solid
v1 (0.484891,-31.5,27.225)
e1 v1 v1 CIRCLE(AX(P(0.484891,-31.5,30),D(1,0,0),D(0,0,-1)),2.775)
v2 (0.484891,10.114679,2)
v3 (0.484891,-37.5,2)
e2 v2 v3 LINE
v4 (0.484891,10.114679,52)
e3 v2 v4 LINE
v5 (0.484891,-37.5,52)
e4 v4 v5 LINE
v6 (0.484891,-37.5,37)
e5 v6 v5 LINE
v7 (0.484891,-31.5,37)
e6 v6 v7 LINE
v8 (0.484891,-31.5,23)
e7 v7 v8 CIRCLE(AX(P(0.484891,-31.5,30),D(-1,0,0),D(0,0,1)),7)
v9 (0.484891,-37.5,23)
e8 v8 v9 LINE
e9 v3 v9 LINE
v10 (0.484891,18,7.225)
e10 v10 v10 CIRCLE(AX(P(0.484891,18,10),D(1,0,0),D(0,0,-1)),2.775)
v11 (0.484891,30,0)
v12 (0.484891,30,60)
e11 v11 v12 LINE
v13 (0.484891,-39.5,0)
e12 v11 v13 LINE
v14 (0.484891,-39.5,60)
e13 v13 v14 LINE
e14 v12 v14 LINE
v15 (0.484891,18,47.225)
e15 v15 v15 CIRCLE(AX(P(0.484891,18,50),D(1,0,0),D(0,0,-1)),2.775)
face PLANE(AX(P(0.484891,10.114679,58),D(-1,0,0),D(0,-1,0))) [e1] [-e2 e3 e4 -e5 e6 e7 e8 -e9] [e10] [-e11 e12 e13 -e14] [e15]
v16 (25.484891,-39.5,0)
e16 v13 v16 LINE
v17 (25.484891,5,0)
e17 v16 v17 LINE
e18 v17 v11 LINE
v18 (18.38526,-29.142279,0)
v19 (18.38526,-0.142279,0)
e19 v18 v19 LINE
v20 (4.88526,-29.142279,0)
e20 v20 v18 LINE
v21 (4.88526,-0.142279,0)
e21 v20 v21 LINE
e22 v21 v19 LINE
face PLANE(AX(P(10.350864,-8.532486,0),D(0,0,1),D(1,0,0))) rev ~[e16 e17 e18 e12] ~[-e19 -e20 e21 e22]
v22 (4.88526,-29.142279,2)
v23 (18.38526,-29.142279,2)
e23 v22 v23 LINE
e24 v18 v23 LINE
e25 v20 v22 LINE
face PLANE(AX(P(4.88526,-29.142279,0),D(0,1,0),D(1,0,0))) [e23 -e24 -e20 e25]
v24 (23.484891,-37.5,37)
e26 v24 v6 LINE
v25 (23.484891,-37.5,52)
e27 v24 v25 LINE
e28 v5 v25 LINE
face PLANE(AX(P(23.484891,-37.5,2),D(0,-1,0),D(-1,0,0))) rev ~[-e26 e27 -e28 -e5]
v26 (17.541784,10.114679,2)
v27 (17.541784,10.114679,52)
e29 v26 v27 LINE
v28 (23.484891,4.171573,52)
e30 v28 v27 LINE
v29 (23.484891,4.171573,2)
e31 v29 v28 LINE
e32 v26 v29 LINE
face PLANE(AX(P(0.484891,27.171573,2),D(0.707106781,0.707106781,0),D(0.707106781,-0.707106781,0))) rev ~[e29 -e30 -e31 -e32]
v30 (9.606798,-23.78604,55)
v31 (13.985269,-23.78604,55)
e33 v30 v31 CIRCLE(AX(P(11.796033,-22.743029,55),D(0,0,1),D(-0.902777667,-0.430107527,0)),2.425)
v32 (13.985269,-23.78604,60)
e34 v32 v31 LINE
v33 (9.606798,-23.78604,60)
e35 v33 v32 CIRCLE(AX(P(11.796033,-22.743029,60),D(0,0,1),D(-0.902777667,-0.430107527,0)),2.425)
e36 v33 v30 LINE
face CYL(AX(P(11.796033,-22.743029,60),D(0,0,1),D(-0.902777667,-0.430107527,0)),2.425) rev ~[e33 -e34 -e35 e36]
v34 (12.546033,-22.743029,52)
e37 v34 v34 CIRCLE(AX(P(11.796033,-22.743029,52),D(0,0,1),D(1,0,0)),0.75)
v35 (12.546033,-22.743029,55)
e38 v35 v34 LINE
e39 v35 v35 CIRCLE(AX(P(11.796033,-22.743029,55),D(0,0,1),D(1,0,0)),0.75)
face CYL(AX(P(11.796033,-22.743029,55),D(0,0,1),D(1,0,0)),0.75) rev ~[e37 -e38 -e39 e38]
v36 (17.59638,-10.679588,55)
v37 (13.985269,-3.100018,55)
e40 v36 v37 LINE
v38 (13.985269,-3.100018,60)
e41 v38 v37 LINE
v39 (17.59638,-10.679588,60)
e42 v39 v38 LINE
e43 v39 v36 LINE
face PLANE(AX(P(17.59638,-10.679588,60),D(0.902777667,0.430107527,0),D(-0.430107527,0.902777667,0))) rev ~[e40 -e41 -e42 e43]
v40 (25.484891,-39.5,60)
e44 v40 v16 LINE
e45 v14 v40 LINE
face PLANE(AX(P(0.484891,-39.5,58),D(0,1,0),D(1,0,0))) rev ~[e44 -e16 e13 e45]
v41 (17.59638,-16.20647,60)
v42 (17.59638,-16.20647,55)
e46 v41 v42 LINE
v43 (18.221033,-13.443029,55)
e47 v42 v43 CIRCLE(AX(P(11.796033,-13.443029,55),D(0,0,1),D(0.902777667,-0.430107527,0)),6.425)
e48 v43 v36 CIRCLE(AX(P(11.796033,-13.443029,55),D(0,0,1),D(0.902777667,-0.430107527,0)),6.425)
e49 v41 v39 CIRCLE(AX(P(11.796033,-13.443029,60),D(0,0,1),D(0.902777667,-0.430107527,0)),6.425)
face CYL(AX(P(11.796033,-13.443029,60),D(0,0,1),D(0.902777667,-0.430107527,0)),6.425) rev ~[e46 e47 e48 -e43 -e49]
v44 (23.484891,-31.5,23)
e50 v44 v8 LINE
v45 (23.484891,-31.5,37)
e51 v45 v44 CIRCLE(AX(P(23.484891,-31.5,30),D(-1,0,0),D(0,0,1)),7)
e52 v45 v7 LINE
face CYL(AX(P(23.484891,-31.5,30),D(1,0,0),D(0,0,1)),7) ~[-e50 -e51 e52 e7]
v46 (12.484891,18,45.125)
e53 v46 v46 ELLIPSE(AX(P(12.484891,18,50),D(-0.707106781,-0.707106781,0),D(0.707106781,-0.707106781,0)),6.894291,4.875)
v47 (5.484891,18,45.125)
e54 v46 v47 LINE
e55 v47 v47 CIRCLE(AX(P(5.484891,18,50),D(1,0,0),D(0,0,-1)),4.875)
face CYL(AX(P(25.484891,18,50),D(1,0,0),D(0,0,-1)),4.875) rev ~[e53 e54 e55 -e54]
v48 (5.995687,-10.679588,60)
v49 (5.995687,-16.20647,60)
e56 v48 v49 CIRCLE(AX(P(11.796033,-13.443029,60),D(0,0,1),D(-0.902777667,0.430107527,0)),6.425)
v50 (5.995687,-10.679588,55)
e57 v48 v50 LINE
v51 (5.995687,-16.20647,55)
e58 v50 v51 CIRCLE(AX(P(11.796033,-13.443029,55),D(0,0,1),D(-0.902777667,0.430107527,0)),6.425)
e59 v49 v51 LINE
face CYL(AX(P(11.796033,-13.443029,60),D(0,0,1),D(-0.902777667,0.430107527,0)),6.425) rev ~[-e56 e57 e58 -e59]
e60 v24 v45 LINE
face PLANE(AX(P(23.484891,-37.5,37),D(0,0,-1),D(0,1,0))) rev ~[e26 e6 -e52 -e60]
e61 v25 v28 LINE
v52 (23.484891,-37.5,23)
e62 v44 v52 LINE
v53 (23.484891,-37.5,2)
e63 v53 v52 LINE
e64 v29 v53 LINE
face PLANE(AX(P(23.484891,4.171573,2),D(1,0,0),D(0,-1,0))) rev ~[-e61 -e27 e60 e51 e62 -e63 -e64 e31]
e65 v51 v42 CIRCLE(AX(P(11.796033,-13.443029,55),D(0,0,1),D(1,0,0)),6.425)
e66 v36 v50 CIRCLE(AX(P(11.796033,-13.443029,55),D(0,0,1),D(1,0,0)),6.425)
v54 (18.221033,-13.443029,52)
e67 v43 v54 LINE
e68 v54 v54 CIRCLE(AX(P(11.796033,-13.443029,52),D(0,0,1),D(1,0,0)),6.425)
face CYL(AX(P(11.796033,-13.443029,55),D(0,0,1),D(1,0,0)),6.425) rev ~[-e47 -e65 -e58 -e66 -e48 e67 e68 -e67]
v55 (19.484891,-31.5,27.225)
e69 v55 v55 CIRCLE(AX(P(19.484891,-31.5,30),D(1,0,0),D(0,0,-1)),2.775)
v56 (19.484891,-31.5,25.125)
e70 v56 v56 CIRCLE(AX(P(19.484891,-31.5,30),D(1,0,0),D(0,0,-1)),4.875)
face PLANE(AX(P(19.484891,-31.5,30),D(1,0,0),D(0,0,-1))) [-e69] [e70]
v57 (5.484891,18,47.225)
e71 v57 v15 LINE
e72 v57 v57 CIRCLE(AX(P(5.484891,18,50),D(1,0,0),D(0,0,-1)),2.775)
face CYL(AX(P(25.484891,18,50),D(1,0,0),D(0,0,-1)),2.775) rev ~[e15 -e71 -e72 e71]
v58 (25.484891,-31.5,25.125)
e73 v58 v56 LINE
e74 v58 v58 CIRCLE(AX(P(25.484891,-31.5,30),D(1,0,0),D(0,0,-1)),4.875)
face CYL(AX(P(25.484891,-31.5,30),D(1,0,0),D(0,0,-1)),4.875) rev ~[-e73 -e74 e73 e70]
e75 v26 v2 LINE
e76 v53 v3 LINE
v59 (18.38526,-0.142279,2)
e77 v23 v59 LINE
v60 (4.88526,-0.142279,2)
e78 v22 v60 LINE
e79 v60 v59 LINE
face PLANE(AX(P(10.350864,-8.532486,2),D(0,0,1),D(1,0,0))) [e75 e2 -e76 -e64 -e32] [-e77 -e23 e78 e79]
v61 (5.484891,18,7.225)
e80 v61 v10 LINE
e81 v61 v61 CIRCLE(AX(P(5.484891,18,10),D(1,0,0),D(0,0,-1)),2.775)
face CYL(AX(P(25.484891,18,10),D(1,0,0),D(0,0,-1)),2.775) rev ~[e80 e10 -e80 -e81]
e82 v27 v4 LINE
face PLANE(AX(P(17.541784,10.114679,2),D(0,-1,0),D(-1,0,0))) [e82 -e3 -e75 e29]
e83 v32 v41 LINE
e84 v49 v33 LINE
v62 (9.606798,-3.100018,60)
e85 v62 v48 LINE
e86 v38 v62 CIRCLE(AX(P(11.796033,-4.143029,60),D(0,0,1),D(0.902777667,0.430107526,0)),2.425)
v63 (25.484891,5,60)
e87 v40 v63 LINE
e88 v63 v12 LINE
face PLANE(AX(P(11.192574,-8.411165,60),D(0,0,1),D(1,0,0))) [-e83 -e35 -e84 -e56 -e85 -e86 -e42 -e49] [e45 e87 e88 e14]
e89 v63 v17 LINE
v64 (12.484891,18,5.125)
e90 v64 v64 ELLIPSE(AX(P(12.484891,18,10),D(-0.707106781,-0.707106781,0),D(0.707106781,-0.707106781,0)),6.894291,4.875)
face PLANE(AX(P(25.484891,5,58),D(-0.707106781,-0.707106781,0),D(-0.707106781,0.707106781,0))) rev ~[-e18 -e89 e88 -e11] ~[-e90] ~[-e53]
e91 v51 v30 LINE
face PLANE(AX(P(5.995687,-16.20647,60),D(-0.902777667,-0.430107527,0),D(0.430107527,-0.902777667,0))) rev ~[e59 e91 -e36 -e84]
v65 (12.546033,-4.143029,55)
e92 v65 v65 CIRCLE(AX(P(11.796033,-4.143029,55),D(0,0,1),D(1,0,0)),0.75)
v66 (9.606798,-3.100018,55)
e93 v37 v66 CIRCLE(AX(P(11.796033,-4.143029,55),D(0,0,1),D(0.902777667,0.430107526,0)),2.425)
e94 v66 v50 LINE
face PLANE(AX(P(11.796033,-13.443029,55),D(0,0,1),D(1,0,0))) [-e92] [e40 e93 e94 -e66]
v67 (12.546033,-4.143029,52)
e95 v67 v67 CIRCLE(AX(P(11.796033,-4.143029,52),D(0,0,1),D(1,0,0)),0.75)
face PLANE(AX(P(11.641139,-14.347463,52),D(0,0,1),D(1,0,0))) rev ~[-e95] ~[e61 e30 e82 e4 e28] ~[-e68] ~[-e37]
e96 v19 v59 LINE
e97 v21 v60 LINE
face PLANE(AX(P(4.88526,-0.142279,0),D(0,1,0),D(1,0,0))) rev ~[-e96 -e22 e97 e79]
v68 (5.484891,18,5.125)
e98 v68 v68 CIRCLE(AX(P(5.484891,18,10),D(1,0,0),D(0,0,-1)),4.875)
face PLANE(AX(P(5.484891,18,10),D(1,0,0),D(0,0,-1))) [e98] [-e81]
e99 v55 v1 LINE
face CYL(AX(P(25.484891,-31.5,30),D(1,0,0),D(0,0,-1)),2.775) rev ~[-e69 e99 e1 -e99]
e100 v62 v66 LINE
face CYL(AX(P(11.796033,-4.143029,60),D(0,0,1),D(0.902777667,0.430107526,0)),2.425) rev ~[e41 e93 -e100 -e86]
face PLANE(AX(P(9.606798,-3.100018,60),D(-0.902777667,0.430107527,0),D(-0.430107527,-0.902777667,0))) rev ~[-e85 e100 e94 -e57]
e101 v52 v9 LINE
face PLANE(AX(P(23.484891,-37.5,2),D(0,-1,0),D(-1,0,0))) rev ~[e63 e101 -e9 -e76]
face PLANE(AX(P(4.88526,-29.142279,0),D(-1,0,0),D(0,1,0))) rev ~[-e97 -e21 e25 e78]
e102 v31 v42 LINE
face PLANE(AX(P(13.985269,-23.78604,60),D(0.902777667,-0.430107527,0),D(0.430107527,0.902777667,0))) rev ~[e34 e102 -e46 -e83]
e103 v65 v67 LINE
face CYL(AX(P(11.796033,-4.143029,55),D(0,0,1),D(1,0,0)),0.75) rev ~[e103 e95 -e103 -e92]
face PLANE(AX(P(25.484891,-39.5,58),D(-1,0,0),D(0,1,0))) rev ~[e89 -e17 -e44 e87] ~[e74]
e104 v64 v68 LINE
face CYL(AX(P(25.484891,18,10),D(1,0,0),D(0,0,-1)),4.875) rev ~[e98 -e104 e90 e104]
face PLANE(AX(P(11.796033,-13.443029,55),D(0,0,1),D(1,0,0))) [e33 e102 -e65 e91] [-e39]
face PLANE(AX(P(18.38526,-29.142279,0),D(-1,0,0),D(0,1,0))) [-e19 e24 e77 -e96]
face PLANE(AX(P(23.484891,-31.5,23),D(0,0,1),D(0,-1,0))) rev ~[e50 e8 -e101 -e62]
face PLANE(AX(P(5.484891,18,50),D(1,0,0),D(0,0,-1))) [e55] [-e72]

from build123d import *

# Parameters (mm, degrees)
SKETCH1_W           = 13.5
SKETCH1_H           = 29
BOSS_EXTRUDE1_DEPTH = 2
BOSS_EXTRUDE2_DEPTH = 56
BOSS_EXTRUDE3_DEPTH = 2
BOSS_EXTRUDE6_DEPTH = 23
SKETCH7_R           = 4.875
CUT_EXTRUDE2_DEPTH  = 6
BOSS_EXTRUDE7_REACH = 60
BOSS_EXTRUDE8_DEPTH = 6
CUT_EXTRUDE11_DEPTH = 5
SKETCH17_R          = 0.75
CUT_EXTRUDE13_DEPTH = 6
SKETCH18_R          = 6.425
CUT_EXTRUDE14_DEPTH = 6
SKETCH8_R           = 4.875
SKETCH8_R_2         = 2.775
CUT_EXTRUDE20_DEPTH = 20
SKETCH5_R           = 2.775
CUT_EXTRUDE21_DEPTH = 26
SKETCH19_R          = 2.775
CUT_EXTRUDE22_DEPTH = 26


with BuildPart() as part:
    # Sketch1 → Boss-Extrude1 (new body)
    with BuildSketch(Plane.XY):
        Polygon((23.484890655, 4.171572875), (0.484890655, 27.171572875), (0.484890655, -37.500000005), (23.484890655, -37.500000005), align=None)
        with Locations((11.635259587, -14.642279086)):
            Rectangle(SKETCH1_W, SKETCH1_H, mode=Mode.SUBTRACT)
        Polygon((23.484890655, 4.171572875), (23.484890655, -37.500000005), (0.484890655, -37.500000005), (0.484890655, -39.5), (25.484890655, -39.5), (25.484890655, 5), (0.484890655, 30), (0.484890655, 27.171572875), align=None)
    extrude(amount=BOSS_EXTRUDE1_DEPTH)

    # Sketch2 → Boss-Extrude2 (add)
    with BuildSketch(Plane.XY.offset(2)):
        Polygon((23.484890655, -37.500000005), (0.484890655, -37.500000005), (0.484890655, -39.5), (25.484890655, -39.5), (25.484890655, 5), (0.484890655, 30), (0.484890655, 27.171572875), (23.484890655, 4.171572875), align=None)
    extrude(amount=BOSS_EXTRUDE2_DEPTH)

    # Sketch3 → Boss-Extrude3 (add)
    with BuildSketch(Plane.XY.offset(58)):
        Polygon((25.484890655, 5), (0.484890655, 30), (0.484890655, -39.5), (25.484890655, -39.5), align=None)
    extrude(amount=BOSS_EXTRUDE3_DEPTH)

    # Sketch6 → Boss-Extrude6 (add)
    with BuildSketch(Plane.ZY.offset(-23.484890655)):
        with BuildLine():
            Line((37, -37.500000005), (37, -31.5))
            ThreePointArc((37, -31.5), (30, -24.5), (23, -31.5))
            Line((23, -31.5), (23, -37.500000005))
            Line((23, -37.500000005), (37, -37.500000005))
        make_face()
    extrude(amount=BOSS_EXTRUDE6_DEPTH)

    # Sketch7 → Cut-Extrude2 (cut)
    with BuildSketch(Plane(origin=(25.484890655, 0, 0), x_dir=(0, 0, -1), z_dir=(1, 0, 0))):
        with Locations((-30, -31.5)):
            Circle(SKETCH7_R)
    extrude(amount=-CUT_EXTRUDE2_DEPTH, mode=Mode.SUBTRACT)

    # Sketch9 → Boss-Extrude7 (add, up to next)
    with BuildSketch(Plane.XY.offset(2), mode=Mode.PRIVATE) as boss_extrude7_sk1:
        Polygon((0.484890655, 27.171572875), (17.541784111, 10.114679419), (0.484890655, 10.114679419), align=None)
    boss_extrude7_tool1 = extrude(boss_extrude7_sk1.sketch, amount=BOSS_EXTRUDE7_REACH, mode=Mode.PRIVATE) - part.part
    add(boss_extrude7_tool1.solids().sort_by_distance((6.170522, 15.800311, 2))[0])

    # Sketch14 → Boss-Extrude8 (add)
    with BuildSketch(Plane(origin=(0, 0, 58), x_dir=(-1, 0, 0), z_dir=(0, 0, -1))):
        Polygon((-17.541784111, 10.114679419), (-0.484890655, 10.114679419), (-0.484890655, -37.500000005), (-23.484890655, -37.500000005), (-23.484890655, 4.171572875), align=None)
    extrude(amount=BOSS_EXTRUDE8_DEPTH)

    # Sketch15 → Cut-Extrude11 (cut)
    with BuildSketch(Plane.XY.offset(60)):
        with BuildLine():
            Line((9.606797633, -3.100018288), (5.995686967, -10.67958818))
            ThreePointArc((5.995686967, -10.67958818), (5.371033475, -13.44302904), (5.995686967, -16.206469901))
            Line((5.995686967, -16.206469901), (9.606797633, -23.786039793))
            ThreePointArc((9.606797633, -23.786039793), (11.796033475, -25.16802904), (13.985269316, -23.786039793))
            Line((13.985269316, -23.786039793), (17.596379983, -16.206469901))
            ThreePointArc((17.596379983, -16.206469901), (18.221033475, -13.44302904), (17.596379983, -10.67958818))
            Line((17.596379983, -10.67958818), (13.985269316, -3.100018288))
            ThreePointArc((13.985269316, -3.100018288), (11.796033475, -1.71802904), (9.606797633, -3.100018288))
        make_face()
    extrude(amount=-CUT_EXTRUDE11_DEPTH, mode=Mode.SUBTRACT)

    # Sketch17 → Cut-Extrude13 (cut)
    with BuildSketch(Plane.XY.offset(55)):
        with Locations((11.796033475, -4.14302904)):
            Circle(SKETCH17_R)
        with Locations((11.796033475, -22.74302904)):
            Circle(SKETCH17_R)
    extrude(amount=-CUT_EXTRUDE13_DEPTH, mode=Mode.SUBTRACT)

    # Sketch18 → Cut-Extrude14 (cut)
    with BuildSketch(Plane.XY.offset(55)):
        with Locations((11.796033475, -13.44302904)):
            Circle(SKETCH18_R)
    extrude(amount=-CUT_EXTRUDE14_DEPTH, mode=Mode.SUBTRACT)

    # Sketch8 → Cut-Extrude20 (cut)
    with BuildSketch(Plane(origin=(25.484890655, 0, 0), x_dir=(0, 0, -1), z_dir=(1, 0, 0))):
        with Locations((-50, 18)):
            Circle(SKETCH8_R)
        with Locations((-50, 18)):
            Circle(SKETCH8_R_2, mode=Mode.SUBTRACT)
        with Locations((-10, 18)):
            Circle(SKETCH8_R)
        with Locations((-10, 18)):
            Circle(SKETCH8_R_2, mode=Mode.SUBTRACT)
    extrude(amount=-CUT_EXTRUDE20_DEPTH, mode=Mode.SUBTRACT)

    # Sketch5 → Cut-Extrude21 (cut, through all)
    with BuildSketch(Plane(origin=(25.484890655, 0, 0), x_dir=(0, 0, -1), z_dir=(1, 0, 0))):
        with Locations((-30, -31.5)):
            Circle(SKETCH5_R)
    extrude(amount=-CUT_EXTRUDE21_DEPTH, mode=Mode.SUBTRACT)

    # Sketch19 → Cut-Extrude22 (cut, through all)
    with BuildSketch(Plane(origin=(25.484890655, 0, 0), x_dir=(0, 0, -1), z_dir=(1, 0, 0))):
        with Locations((-50, 18)):
            Circle(SKETCH19_R)
        with Locations((-10, 18)):
            Circle(SKETCH19_R)
    extrude(amount=-CUT_EXTRUDE22_DEPTH, mode=Mode.SUBTRACT)


solid = part.part
